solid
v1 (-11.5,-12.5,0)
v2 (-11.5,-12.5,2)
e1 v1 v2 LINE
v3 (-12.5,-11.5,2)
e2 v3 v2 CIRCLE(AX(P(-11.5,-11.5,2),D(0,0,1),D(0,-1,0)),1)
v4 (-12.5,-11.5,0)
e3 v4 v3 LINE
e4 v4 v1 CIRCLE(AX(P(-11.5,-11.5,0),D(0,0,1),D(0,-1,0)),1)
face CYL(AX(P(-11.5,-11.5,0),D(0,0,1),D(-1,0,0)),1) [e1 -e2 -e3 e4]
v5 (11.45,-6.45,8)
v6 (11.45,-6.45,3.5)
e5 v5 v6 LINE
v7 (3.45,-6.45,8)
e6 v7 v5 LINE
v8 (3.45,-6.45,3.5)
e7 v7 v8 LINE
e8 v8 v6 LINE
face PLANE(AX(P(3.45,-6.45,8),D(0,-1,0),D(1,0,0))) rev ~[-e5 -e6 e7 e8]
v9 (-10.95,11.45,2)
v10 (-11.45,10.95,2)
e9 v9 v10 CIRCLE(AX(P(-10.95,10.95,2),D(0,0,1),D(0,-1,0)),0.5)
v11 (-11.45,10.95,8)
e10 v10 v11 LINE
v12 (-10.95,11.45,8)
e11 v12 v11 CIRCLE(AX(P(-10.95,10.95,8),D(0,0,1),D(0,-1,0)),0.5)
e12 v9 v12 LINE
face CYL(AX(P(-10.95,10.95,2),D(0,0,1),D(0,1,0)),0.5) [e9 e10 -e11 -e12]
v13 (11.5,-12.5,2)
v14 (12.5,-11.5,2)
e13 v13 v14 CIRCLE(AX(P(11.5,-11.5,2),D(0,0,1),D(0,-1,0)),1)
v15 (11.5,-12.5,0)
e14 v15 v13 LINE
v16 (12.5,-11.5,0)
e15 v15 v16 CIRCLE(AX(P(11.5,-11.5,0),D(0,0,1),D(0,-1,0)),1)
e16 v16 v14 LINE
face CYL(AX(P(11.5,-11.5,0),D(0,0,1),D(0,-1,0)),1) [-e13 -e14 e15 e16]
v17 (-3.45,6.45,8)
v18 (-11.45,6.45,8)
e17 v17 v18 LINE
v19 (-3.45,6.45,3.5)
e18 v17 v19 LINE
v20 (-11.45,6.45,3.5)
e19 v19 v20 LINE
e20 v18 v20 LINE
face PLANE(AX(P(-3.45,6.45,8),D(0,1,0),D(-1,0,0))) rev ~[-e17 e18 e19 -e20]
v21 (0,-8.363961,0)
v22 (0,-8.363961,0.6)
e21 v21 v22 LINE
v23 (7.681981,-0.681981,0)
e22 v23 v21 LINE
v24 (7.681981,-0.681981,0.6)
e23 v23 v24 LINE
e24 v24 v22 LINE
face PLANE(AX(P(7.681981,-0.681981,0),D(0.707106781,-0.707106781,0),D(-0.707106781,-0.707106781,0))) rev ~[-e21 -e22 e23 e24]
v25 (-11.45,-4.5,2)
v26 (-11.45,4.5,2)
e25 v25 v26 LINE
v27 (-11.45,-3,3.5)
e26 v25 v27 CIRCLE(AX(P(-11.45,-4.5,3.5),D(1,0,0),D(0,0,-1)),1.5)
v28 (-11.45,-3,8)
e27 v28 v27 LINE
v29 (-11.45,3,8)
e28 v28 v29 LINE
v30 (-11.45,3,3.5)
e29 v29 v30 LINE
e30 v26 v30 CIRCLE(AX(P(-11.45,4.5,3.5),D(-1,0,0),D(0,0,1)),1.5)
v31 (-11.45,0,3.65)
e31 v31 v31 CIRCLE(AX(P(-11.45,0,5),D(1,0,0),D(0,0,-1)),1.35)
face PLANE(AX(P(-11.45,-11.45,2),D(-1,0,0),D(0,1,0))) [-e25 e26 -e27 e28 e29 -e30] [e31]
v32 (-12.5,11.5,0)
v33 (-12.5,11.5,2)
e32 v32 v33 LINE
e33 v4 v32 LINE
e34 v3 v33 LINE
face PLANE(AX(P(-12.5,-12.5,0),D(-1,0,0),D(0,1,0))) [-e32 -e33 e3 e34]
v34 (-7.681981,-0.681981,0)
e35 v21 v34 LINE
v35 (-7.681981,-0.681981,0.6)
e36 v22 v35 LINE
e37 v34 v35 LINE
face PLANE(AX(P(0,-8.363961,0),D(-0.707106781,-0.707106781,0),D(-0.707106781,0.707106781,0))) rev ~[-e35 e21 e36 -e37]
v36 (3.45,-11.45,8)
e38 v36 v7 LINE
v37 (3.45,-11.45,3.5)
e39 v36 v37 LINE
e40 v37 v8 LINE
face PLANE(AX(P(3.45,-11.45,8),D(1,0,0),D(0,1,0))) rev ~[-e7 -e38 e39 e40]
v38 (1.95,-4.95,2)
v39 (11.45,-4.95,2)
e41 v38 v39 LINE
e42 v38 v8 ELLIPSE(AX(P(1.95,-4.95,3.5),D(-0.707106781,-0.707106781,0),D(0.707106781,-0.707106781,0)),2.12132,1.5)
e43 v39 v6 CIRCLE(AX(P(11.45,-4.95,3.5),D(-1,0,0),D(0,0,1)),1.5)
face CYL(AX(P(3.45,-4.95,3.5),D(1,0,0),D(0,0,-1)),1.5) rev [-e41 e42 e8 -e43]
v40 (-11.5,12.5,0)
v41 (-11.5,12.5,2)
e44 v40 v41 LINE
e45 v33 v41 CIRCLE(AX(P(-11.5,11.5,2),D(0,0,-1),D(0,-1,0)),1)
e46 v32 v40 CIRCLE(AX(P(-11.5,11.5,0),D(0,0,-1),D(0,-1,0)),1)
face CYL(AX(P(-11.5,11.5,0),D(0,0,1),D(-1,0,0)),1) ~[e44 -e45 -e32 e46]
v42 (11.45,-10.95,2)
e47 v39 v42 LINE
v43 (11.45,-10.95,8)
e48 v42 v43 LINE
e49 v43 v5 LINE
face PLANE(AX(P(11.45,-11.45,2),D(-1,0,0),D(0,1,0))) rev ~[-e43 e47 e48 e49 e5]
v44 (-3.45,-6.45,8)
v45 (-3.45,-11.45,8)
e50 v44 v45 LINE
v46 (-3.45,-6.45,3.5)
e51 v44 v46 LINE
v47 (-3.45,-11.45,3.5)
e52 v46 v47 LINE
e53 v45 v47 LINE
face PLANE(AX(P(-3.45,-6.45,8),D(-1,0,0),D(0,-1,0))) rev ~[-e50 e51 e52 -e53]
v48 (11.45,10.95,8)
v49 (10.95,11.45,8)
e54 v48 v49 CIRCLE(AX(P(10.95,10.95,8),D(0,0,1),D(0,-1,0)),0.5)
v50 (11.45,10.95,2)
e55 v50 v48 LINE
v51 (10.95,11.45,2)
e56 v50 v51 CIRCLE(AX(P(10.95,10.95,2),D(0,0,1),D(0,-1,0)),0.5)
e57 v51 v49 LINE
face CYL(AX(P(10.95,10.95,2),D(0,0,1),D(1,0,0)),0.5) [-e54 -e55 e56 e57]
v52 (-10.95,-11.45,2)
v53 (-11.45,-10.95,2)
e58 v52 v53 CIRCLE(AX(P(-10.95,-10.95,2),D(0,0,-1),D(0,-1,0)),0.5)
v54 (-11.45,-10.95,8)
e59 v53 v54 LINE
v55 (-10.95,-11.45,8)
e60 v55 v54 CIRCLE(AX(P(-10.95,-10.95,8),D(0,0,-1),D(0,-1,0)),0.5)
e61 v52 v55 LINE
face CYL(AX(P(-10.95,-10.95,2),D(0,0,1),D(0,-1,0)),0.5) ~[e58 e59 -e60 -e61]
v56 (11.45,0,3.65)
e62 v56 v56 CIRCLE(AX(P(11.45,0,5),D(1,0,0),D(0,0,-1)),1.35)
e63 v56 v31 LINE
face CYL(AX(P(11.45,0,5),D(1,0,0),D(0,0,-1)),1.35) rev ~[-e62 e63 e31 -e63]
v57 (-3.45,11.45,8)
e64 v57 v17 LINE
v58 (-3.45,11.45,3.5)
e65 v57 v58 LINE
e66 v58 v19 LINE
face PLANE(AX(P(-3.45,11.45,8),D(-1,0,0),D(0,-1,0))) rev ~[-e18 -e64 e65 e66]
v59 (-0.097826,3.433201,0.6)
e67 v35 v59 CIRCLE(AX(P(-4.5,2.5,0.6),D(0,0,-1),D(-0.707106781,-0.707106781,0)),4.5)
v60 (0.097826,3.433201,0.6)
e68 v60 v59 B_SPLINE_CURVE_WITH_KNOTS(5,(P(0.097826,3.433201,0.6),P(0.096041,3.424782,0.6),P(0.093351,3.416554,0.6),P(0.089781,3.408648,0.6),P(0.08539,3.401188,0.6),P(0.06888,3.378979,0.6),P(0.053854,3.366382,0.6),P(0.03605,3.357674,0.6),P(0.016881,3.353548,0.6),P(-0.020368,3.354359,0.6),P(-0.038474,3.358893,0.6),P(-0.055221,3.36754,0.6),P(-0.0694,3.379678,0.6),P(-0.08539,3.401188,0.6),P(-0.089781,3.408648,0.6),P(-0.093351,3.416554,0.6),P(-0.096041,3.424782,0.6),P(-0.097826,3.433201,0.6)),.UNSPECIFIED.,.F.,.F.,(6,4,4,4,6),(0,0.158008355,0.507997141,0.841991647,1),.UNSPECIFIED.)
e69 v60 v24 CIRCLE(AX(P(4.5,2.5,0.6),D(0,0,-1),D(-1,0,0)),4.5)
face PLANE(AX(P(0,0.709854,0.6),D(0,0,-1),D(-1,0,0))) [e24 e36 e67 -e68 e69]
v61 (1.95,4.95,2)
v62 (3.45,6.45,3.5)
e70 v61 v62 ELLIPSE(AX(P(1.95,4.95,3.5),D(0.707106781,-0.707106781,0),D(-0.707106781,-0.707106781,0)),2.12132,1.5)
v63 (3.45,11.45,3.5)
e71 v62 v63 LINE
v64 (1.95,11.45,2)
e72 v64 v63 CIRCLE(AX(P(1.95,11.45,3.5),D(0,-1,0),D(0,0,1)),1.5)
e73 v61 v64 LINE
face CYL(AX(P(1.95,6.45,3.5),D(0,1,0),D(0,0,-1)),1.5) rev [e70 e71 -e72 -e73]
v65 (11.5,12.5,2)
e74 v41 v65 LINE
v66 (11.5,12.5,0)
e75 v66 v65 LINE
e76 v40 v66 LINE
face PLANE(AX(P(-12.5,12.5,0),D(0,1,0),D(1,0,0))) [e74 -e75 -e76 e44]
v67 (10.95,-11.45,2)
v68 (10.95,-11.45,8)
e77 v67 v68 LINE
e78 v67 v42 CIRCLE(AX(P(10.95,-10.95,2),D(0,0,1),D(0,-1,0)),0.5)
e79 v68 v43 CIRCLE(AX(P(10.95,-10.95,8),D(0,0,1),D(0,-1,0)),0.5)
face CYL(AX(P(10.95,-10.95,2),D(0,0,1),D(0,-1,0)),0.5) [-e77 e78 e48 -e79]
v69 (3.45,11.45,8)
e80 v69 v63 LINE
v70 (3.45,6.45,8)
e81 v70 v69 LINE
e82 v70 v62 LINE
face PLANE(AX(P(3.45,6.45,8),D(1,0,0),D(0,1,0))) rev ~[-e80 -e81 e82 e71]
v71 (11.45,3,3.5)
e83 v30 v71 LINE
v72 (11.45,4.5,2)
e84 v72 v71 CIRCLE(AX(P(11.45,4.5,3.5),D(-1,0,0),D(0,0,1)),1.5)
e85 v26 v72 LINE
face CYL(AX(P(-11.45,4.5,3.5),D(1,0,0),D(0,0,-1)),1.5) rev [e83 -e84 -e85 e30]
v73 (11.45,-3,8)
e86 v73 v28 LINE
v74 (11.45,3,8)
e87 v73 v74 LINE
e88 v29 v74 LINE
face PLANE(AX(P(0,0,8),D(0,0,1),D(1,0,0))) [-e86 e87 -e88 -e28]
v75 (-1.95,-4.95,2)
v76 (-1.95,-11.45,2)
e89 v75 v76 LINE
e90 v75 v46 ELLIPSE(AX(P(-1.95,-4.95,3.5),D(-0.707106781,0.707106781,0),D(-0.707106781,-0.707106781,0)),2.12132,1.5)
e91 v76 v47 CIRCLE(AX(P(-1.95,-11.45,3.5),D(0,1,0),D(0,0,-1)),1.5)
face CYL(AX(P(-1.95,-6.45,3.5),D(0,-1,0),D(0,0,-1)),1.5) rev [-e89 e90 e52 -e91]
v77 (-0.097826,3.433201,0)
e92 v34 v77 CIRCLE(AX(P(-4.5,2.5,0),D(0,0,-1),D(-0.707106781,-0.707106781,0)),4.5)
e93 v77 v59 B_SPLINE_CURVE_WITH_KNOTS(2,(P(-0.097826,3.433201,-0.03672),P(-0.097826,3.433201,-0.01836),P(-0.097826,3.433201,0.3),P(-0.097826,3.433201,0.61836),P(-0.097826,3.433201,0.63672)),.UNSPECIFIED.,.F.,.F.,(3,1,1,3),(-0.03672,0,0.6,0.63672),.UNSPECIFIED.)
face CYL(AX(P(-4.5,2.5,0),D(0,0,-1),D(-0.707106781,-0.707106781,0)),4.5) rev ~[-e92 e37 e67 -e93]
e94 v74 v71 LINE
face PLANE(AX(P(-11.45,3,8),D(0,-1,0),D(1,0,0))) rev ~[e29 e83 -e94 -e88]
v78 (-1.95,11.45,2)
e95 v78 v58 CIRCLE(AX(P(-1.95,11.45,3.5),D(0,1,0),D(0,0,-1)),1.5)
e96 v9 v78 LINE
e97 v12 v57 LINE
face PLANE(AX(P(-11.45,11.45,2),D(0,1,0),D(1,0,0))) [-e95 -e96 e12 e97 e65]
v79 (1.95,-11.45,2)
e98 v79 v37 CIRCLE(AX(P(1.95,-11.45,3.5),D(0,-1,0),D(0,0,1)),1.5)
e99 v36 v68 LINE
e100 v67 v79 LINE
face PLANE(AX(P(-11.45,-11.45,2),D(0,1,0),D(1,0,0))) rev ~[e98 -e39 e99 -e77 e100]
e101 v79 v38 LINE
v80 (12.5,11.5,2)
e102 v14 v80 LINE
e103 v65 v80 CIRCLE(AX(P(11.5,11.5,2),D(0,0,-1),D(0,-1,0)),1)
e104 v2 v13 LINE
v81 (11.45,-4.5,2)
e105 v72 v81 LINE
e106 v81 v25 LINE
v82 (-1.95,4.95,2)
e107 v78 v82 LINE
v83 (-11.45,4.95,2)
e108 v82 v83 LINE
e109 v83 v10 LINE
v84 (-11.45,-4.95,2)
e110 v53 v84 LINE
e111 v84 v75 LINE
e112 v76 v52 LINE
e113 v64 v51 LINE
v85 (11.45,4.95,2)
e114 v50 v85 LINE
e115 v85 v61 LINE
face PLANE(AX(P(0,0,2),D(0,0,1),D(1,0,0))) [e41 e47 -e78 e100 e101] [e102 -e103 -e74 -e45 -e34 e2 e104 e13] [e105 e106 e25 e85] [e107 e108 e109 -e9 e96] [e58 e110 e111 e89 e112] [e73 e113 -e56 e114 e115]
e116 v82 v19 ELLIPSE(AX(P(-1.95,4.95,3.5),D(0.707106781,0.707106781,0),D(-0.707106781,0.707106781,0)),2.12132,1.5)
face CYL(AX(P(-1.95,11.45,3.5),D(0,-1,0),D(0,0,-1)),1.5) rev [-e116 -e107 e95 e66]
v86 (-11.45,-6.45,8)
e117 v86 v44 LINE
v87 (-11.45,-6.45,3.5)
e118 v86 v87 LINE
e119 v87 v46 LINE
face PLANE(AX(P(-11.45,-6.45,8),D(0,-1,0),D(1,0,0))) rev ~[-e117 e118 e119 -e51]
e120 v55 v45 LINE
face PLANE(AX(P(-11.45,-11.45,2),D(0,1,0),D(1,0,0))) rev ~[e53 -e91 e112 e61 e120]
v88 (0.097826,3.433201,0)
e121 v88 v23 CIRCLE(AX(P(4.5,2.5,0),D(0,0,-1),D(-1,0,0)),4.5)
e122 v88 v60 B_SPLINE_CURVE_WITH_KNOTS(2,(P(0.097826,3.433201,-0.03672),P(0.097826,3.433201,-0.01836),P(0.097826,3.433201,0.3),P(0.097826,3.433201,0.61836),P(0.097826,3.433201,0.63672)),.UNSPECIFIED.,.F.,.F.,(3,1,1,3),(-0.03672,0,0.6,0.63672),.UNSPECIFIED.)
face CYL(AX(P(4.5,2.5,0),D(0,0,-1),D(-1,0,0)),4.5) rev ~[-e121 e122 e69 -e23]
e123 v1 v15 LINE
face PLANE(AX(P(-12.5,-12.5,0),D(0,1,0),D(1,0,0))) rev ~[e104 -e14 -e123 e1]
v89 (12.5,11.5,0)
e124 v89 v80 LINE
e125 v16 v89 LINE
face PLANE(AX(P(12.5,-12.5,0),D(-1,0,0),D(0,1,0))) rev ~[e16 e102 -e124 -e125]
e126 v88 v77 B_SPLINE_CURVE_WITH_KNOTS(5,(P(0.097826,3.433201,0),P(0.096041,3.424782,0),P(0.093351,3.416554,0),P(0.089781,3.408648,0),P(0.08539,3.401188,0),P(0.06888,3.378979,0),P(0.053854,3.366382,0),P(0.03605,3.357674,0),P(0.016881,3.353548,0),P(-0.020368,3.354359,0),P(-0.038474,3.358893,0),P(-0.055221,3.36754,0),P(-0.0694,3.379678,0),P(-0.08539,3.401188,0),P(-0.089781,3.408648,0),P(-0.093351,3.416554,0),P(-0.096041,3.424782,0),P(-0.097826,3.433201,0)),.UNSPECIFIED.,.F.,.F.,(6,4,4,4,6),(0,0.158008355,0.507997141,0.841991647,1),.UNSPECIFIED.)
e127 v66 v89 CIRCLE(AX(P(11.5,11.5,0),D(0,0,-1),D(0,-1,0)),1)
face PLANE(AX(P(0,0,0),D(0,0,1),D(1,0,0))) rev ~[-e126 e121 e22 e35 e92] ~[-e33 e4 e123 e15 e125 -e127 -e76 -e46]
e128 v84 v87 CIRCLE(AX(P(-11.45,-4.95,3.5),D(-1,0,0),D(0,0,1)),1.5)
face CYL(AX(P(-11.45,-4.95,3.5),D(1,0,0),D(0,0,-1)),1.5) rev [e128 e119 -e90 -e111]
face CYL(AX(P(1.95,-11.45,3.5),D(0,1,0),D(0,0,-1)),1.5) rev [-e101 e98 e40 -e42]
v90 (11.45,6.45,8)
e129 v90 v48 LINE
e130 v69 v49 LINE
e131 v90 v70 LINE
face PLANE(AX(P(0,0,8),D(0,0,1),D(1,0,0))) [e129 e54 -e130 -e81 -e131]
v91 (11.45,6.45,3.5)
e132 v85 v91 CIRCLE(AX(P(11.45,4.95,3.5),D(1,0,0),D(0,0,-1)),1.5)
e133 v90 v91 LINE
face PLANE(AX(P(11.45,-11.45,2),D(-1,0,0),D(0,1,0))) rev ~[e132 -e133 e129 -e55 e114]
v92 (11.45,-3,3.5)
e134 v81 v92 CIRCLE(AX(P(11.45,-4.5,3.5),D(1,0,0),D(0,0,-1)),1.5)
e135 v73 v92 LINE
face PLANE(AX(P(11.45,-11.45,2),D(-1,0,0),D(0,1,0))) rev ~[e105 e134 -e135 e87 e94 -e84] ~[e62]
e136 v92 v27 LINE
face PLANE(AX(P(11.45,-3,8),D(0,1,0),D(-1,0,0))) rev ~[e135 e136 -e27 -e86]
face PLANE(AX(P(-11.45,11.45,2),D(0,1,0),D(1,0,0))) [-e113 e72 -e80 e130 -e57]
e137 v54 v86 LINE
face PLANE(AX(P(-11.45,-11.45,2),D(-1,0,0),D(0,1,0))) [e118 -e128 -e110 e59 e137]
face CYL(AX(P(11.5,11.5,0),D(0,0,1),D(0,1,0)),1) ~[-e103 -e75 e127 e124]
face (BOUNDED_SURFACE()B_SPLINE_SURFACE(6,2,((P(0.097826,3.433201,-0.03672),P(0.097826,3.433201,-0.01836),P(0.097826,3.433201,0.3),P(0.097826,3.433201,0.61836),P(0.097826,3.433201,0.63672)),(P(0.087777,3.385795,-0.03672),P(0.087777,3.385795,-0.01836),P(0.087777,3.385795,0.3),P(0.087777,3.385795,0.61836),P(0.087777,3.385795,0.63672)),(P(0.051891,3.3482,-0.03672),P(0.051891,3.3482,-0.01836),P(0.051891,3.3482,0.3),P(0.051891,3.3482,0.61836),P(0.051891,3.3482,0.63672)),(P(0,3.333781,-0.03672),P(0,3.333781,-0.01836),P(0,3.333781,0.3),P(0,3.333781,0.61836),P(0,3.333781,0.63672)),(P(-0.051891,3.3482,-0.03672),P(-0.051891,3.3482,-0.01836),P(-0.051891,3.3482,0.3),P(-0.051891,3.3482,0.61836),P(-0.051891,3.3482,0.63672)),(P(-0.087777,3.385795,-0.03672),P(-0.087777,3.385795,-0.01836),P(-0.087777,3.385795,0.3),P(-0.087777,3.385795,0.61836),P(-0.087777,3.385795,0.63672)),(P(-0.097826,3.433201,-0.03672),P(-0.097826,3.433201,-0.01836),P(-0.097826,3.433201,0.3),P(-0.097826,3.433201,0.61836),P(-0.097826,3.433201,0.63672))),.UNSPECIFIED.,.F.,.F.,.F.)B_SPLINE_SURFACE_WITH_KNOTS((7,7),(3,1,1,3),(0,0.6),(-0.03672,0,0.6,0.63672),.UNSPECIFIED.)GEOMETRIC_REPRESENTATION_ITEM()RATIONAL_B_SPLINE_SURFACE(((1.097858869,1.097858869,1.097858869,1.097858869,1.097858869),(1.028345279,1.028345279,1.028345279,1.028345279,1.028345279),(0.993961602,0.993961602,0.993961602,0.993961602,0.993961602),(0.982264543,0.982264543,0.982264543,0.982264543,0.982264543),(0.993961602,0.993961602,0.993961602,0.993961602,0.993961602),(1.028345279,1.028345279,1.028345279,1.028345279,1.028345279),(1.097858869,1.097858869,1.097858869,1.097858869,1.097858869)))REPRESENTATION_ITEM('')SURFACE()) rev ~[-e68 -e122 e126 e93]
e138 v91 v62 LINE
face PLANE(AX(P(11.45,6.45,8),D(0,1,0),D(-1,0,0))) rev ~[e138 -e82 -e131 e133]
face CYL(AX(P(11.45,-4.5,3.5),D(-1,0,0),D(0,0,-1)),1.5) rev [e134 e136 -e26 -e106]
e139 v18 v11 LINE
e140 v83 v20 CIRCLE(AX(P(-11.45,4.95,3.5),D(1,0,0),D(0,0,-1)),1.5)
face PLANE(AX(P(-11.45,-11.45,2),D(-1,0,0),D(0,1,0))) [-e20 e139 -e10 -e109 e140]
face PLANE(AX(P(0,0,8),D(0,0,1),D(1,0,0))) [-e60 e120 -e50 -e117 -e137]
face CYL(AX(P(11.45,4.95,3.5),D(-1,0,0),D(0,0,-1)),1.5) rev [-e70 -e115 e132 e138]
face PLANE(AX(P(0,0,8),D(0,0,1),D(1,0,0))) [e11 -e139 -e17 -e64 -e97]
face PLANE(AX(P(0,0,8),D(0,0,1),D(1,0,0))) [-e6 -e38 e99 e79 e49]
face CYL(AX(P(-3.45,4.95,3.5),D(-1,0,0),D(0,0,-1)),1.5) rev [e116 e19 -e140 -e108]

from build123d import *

# Parameters (mm, degrees)
SKETCH_1_W          = 25
SKETCH_1_H          = 25
EXTRUDE_1_DEPTH     = 2
SKETCH_2_W          = 22.9
SKETCH_2_H          = 22.9
EXTRUDE_2_DEPTH     = 6
FILLET_1_R          = 1
CUT_EXTRUDE_3_DEPTH = 0.6
FILLET_2_R          = 0.5
FILLET_3_R          = 0.1
SKETCH_7_R          = 1.35
CUT_EXTRUDE_4_DEPTH = 29.175388325
CUT_EXTRUDE_5_DEPTH = 6
FILLET_4_R          = 1.5


with BuildPart() as part:
    # 草图1 → 凸台-拉伸1 (new body)
    with BuildSketch(Plane.XY):
        Rectangle(SKETCH_1_W, SKETCH_1_H)
    extrude(amount=EXTRUDE_1_DEPTH)

    # 草图2 → 凸台-拉伸2 (add)
    with BuildSketch(Plane.XY.offset(2)):
        Rectangle(SKETCH_2_W, SKETCH_2_H)
    extrude(amount=EXTRUDE_2_DEPTH)

    # 圆角1
    fillet_1_edges = [part.edges().sort_by_distance(p)[0] for p in [
        (-12.5, 12.5, 1),
        (12.5, 12.5, 1),
        (12.5, -12.5, 1),
        (-12.5, -12.5, 1),
    ]]
    fillet(fillet_1_edges, radius=FILLET_1_R)

    # 草图6 → 切除-拉伸3 (cut)
    with BuildSketch(Plane(origin=(0, 0, 0), x_dir=(-1, 0, 0), z_dir=(0, 0, -1))):
        with BuildLine():
            Line((-7.681980515, -0.681980515), (0, -8.363961031))
            Line((0, -8.363961031), (7.681980515, -0.681980515))
            ThreePointArc((7.681980515, -0.681980515), (6.222075446, 6.657457896), (0, 2.5))
            ThreePointArc((0, 2.5), (-6.222075446, 6.657457896), (-7.681980515, -0.681980515))
        make_face()
    extrude(amount=-CUT_EXTRUDE_3_DEPTH, mode=Mode.SUBTRACT)

    # 圆角2
    fillet_2_edges = [part.edges().sort_by_distance(p)[0] for p in [
        (11.45, -11.45, 5),
        (11.45, 11.45, 5),
        (-11.45, 11.45, 5),
        (-11.45, -11.45, 5),
    ]]
    fillet(fillet_2_edges, radius=FILLET_2_R)

    # 圆角3
    fillet_3_edges = [part.edges().sort_by_distance(p)[0] for p in [
        (0, 2.5, 0.3),
    ]]
    fillet(fillet_3_edges, radius=FILLET_3_R)

    # 草图7 → 切除-拉伸4 (cut, through all)
    with BuildSketch(Plane(origin=(11.45, 0, 0), x_dir=(0, 0, -1), z_dir=(1, 0, 0))):
        with Locations((-5, 0)):
            Circle(SKETCH_7_R)
    extrude(amount=-CUT_EXTRUDE_4_DEPTH, mode=Mode.SUBTRACT)

    # 草图8 → 切除-拉伸5 (cut)
    with BuildSketch(Plane.XY.offset(8)):
        Polygon((-11.45, 3), (11.45, 3), (11.45, 6.45), (3.45, 6.45), (3.45, 11.45), (-3.45, 11.45), (-3.45, 6.45), (-11.45, 6.45), align=None)
        Polygon((-11.45, -6.45), (-3.45, -6.45), (-3.45, -11.45), (3.45, -11.45), (3.45, -6.45), (11.45, -6.45), (11.45, -3), (-11.45, -3), align=None)
    extrude(amount=-CUT_EXTRUDE_5_DEPTH, mode=Mode.SUBTRACT)

    # 圆角4
    fillet_4_edges = [part.edges().sort_by_distance(p)[0] for p in [
        (7.45, 6.45, 2),
        (0, 3, 2),
        (-7.45, 6.45, 2),
        (-3.45, 8.95, 2),
        (3.45, 8.95, 2),
        (0, -3, 2),
        (7.45, -6.45, 2),
        (3.45, -8.95, 2),
        (-3.45, -8.95, 2),
        (-7.45, -6.45, 2),
    ]]
    fillet(fillet_4_edges, radius=FILLET_4_R)


solid = part.part
